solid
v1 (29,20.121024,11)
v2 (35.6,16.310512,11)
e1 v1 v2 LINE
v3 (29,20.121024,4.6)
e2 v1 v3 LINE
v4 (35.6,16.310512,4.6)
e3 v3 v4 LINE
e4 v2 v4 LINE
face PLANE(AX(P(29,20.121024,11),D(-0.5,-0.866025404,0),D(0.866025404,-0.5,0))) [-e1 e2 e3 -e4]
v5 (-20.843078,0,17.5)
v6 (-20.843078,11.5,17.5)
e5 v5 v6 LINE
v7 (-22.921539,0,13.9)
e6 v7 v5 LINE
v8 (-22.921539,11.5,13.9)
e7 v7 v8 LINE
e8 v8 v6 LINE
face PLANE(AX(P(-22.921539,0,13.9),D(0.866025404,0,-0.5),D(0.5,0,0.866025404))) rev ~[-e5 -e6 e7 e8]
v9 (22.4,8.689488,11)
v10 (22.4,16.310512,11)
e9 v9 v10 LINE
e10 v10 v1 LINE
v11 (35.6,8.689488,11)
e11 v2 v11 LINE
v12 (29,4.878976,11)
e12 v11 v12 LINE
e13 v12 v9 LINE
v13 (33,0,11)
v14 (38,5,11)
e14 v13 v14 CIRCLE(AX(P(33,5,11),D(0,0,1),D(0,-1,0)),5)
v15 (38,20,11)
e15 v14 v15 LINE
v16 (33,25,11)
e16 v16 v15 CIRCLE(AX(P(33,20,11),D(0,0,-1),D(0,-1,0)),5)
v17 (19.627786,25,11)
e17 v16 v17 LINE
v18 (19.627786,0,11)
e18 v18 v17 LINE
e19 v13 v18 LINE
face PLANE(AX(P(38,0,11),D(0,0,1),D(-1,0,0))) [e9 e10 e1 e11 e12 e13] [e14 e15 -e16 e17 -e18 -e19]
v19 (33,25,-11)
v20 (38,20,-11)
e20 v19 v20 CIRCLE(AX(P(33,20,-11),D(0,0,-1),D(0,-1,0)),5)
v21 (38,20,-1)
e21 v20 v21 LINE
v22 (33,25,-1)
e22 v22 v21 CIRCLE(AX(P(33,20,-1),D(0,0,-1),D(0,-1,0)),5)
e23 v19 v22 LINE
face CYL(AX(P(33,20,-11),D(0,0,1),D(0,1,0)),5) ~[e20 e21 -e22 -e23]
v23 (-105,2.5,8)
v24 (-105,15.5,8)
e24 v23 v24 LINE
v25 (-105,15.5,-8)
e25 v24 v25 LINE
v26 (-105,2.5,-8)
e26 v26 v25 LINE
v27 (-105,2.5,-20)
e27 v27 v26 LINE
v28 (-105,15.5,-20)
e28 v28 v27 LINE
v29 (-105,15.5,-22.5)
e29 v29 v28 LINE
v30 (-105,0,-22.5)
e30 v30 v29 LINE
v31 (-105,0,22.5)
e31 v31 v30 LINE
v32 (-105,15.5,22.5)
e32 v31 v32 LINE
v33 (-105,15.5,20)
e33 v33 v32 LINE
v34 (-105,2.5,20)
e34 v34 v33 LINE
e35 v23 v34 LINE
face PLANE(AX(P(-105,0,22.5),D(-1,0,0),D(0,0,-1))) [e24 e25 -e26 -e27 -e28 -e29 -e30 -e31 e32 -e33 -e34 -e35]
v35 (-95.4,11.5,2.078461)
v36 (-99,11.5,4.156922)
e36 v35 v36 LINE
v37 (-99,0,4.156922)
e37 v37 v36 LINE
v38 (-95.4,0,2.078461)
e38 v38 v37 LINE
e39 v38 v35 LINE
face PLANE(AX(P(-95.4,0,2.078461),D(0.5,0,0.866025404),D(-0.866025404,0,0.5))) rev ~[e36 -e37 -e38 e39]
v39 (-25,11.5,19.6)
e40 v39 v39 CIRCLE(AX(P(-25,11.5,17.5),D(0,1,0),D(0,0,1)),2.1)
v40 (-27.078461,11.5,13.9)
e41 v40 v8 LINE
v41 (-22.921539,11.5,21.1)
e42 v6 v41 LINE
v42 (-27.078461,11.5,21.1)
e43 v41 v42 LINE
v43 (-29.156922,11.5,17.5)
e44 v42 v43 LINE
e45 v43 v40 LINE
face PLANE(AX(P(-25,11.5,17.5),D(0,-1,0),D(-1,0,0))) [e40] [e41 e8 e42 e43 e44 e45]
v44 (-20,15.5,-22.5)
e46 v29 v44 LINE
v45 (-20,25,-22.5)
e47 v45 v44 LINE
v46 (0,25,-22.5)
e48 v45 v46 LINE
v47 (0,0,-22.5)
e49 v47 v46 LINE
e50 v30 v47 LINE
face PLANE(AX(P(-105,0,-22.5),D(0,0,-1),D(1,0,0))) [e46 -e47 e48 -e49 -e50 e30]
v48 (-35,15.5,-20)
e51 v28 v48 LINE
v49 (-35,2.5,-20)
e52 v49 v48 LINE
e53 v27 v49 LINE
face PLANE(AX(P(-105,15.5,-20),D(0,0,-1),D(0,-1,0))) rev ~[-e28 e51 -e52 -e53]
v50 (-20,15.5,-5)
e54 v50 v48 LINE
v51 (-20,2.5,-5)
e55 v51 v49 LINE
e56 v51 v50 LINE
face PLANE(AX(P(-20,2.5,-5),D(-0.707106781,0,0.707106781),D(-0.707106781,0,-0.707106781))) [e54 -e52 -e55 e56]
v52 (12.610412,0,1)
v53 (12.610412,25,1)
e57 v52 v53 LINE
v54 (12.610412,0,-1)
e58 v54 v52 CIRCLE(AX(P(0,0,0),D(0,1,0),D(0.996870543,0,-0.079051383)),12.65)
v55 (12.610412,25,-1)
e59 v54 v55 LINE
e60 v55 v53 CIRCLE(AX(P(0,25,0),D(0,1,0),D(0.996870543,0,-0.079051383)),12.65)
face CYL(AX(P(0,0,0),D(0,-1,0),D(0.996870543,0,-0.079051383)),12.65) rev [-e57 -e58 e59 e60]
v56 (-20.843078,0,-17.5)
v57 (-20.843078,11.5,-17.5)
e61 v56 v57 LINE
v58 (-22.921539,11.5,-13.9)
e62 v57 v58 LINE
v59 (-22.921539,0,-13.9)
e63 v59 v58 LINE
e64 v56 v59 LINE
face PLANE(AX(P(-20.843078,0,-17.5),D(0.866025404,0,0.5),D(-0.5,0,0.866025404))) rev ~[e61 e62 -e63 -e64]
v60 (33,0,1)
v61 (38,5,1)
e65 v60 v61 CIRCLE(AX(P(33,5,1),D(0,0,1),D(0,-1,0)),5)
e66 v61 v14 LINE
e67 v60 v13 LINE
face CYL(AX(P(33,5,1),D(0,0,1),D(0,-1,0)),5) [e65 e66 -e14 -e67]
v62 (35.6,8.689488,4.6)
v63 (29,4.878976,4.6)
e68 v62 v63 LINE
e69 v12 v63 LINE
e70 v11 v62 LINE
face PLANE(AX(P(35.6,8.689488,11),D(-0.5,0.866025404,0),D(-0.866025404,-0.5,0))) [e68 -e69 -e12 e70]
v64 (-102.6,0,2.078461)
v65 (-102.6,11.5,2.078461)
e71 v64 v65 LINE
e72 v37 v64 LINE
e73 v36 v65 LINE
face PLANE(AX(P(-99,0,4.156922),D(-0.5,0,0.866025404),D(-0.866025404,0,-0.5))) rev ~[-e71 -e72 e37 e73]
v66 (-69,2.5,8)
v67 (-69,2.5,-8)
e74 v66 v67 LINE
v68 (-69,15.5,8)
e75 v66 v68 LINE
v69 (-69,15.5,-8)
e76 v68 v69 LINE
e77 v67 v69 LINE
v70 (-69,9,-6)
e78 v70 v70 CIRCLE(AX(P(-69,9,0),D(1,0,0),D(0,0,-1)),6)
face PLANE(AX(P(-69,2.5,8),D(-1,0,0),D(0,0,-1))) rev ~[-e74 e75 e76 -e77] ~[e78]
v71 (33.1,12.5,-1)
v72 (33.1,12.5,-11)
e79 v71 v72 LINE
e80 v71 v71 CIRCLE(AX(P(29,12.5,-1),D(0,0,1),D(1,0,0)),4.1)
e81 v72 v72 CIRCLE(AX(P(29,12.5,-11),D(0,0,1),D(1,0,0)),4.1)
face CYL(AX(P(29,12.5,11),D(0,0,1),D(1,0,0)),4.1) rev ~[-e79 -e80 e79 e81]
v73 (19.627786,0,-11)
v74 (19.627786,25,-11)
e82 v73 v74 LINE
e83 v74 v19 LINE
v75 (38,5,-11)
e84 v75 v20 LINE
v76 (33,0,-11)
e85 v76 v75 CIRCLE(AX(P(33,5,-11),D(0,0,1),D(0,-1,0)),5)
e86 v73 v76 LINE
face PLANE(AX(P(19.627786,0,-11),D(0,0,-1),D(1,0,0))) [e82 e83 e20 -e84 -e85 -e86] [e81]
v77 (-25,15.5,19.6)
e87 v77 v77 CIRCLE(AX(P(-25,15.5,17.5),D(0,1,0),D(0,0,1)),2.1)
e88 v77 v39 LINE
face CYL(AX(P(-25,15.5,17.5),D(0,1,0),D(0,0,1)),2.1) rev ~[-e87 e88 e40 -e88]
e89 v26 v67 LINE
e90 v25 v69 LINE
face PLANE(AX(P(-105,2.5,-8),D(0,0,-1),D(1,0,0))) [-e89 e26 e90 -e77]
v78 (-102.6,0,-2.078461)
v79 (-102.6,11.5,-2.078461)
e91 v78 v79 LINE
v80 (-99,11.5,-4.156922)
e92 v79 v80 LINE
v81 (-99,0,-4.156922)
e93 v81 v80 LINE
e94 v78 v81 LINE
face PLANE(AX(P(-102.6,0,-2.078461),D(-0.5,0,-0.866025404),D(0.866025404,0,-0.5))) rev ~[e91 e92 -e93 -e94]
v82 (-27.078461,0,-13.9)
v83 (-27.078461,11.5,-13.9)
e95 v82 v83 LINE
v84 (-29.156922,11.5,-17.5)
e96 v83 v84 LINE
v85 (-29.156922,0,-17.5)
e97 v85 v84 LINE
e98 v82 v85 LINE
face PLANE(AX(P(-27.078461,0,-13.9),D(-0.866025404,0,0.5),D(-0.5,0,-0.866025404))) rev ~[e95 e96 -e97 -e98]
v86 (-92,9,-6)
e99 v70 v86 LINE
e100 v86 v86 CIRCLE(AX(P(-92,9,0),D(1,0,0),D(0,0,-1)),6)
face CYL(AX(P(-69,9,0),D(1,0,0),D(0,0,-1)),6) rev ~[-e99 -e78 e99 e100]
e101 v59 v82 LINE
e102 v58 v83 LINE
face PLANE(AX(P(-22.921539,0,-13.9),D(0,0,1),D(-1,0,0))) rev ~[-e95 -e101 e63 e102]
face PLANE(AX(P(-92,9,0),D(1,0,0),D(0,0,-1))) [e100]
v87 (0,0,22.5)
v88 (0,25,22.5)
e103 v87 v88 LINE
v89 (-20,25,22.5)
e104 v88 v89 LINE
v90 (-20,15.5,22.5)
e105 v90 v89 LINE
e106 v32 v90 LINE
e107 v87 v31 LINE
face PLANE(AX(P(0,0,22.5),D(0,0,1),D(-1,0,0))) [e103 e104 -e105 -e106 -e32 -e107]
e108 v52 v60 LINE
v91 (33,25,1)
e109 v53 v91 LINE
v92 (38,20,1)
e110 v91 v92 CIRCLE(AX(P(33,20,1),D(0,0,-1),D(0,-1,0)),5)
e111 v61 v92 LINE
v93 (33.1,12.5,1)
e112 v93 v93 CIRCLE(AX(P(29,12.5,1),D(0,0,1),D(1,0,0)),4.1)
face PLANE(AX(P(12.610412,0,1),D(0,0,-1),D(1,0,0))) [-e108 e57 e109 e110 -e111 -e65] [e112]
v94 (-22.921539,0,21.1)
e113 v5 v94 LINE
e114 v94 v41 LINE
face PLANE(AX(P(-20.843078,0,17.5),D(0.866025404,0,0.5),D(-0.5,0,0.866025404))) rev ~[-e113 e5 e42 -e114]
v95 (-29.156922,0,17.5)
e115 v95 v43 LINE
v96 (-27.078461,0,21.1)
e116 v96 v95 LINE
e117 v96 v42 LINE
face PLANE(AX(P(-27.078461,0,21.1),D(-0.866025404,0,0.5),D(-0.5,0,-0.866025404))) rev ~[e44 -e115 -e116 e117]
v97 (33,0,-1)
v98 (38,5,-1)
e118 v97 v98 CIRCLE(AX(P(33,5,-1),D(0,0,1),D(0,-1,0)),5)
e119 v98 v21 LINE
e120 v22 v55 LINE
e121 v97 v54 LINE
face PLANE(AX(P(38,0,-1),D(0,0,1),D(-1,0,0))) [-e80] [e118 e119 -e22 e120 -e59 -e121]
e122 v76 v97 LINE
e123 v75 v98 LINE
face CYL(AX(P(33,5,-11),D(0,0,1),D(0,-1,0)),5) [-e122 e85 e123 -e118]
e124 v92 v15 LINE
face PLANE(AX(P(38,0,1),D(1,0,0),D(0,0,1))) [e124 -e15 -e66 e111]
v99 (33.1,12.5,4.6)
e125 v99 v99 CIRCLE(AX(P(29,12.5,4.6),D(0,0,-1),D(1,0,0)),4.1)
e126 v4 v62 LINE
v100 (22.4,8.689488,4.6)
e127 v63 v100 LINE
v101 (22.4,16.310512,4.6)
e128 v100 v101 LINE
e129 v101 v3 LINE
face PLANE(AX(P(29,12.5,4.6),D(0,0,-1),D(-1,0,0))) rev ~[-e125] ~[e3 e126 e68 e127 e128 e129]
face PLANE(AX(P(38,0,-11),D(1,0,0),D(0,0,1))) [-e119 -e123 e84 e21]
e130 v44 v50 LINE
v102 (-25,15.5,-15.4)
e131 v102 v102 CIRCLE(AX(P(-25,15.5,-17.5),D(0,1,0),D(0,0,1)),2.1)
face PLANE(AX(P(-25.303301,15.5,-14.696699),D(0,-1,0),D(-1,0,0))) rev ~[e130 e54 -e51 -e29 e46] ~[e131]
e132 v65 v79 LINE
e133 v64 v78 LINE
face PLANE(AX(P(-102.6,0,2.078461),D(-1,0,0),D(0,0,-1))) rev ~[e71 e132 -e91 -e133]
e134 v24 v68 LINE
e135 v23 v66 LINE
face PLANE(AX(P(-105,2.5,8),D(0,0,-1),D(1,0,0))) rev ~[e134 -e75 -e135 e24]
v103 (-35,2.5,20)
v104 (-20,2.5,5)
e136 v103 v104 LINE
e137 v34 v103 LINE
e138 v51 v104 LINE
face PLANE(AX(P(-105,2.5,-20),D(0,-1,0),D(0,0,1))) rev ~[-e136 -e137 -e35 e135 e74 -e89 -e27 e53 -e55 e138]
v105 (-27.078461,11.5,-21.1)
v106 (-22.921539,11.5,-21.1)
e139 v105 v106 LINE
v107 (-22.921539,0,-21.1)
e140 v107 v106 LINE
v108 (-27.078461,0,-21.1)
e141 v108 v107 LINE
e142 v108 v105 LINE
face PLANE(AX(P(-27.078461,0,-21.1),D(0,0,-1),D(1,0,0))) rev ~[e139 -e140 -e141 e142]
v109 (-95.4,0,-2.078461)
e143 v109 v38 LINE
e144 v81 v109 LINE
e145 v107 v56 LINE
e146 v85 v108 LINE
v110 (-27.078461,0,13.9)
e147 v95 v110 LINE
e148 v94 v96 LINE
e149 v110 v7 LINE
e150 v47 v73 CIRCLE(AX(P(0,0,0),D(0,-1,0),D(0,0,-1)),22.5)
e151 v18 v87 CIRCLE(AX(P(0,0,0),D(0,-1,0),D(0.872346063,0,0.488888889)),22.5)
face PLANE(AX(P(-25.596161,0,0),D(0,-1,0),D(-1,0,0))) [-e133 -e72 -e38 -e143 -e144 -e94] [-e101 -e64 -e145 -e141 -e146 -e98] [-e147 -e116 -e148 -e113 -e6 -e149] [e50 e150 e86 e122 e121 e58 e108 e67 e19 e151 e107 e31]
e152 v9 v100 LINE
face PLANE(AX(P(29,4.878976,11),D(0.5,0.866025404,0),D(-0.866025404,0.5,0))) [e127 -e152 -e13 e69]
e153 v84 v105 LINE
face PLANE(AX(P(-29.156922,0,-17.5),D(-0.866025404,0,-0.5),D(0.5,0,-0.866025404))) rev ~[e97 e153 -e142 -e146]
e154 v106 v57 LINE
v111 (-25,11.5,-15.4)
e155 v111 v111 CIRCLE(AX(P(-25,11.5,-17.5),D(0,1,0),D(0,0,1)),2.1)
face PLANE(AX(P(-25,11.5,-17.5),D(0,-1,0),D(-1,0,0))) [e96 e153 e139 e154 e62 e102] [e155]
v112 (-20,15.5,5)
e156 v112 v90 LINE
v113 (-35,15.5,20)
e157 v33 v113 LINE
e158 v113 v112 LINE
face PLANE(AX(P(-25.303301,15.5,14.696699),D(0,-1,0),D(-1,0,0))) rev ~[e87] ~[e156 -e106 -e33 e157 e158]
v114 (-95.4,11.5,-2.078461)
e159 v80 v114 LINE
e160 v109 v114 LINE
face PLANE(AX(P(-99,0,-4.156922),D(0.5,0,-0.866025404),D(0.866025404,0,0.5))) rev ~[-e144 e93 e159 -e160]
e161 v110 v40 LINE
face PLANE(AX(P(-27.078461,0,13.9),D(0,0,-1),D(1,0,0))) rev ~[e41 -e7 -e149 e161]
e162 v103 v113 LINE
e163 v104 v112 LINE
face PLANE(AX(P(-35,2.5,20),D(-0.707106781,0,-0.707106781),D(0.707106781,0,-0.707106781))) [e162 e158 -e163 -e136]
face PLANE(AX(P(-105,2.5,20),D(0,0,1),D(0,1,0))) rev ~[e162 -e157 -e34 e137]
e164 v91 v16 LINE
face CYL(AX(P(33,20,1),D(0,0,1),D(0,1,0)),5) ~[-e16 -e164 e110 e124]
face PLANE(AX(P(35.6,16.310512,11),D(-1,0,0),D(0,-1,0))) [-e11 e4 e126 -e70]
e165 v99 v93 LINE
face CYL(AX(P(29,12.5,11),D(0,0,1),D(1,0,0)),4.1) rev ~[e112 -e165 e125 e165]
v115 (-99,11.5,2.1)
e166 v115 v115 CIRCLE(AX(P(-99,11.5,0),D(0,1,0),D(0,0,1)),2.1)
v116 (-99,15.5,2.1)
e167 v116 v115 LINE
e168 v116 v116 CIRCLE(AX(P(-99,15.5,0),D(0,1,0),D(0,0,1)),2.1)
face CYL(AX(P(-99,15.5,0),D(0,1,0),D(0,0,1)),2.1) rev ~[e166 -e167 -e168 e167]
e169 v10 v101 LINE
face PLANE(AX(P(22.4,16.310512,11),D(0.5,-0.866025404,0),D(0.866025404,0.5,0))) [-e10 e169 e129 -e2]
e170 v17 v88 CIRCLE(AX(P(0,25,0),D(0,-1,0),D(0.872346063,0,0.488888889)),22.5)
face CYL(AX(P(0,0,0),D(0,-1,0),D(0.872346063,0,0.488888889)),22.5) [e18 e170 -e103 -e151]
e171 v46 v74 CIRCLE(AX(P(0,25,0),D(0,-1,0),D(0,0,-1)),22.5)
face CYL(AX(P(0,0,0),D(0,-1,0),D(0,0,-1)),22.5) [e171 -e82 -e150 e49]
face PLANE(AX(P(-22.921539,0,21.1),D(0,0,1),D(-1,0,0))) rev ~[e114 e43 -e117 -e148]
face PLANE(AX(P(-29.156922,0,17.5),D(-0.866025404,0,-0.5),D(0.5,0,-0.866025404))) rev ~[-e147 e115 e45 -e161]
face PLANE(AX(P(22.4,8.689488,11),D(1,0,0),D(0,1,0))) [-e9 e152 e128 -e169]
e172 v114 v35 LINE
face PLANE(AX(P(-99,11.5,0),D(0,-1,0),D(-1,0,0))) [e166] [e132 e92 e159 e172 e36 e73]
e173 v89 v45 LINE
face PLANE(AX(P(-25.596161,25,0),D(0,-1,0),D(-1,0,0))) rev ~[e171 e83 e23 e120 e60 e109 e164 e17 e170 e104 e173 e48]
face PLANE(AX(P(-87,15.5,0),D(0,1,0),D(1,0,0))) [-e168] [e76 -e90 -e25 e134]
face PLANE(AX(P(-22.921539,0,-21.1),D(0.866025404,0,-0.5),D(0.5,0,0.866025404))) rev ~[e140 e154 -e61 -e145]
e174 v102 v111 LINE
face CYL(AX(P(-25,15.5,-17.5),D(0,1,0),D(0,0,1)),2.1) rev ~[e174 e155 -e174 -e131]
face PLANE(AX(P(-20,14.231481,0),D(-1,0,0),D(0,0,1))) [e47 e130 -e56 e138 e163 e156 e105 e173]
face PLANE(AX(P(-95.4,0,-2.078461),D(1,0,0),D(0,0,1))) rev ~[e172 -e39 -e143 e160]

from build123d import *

# Parameters (mm, degrees)
BOSS_EXTRUDE1_DEPTH = 25
CUT_EXTRUDE1_DEPTH  = 85
SKETCH3_W           = 36
SKETCH3_H           = 16
BOSS_EXTRUDE2_DEPTH = 13
SKETCH4_R           = 6
CUT_EXTRUDE2_DEPTH  = 23
BOSS_EXTRUDE3_DEPTH = 13
CUT_EXTRUDE4_REACH  = 110.497
SKETCH7_R           = 2.1
CUT_EXTRUDE5_DEPTH  = 11.5
SKETCH10_R          = 4.1
CUT_EXTRUDE6_DEPTH  = 114.014379616
SKETCH11_R          = 4.1
CUT_EXTRUDE7_DEPTH  = 6.4
FILLET1_R           = 5


with BuildPart() as part:
    # Sketch1 → Boss-Extrude1 (new body)
    with BuildSketch(Plane(origin=(0, 0, 0), x_dir=(1, 0, 0), z_dir=(0, 1, 0))):
        with BuildLine():
            Line((0, -22.5), (-105, -22.5))
            Line((-105, -22.5), (-105, 22.5))
            Line((-105, 22.5), (0, 22.5))
            ThreePointArc((0, 22.5), (11.374313166, 19.413268658), (19.627786426, 11))
            Line((19.627786426, 11), (38, 11))
            Line((38, 11), (38, 1))
            Line((38, 1), (22, 1))
            Line((22, 1), (12.610412364, 1))
            ThreePointArc((12.610412364, 1), (-12.65, 0), (12.610412364, -1))
            Line((12.610412364, -1), (22, -1))
            Line((22, -1), (38, -1))
            Line((38, -1), (38, -11))
            Line((38, -11), (19.627786426, -11))
            ThreePointArc((19.627786426, -11), (11.374313166, -19.413268658), (0, -22.5))
        make_face()
    extrude(amount=BOSS_EXTRUDE1_DEPTH)

    # Sketch2 → Cut-Extrude1 (cut)
    with BuildSketch(Plane.ZY.offset(105)):
        Polygon((20, 25), (-20, 25), (-22.5, 25), (-22.5, 15.5), (-20, 15.5), (-20, 2.5), (20, 2.5), (20, 15.5), (22.5, 15.5), (22.5, 25), align=None)
    extrude(amount=-CUT_EXTRUDE1_DEPTH, mode=Mode.SUBTRACT)

    # Sketch3 → Boss-Extrude2 (add)
    with BuildSketch(Plane(origin=(0, 2.5, 0), x_dir=(1, 0, 0), z_dir=(0, 1, 0))):
        with Locations((-87, 0)):
            Rectangle(SKETCH3_W, SKETCH3_H)
    extrude(amount=BOSS_EXTRUDE2_DEPTH)

    # Sketch4 → Cut-Extrude2 (cut)
    with BuildSketch(Plane(origin=(-69, 0, 0), x_dir=(0, 0, -1), z_dir=(1, 0, 0))):
        with Locations((0, 9)):
            Circle(SKETCH4_R)
    extrude(amount=-CUT_EXTRUDE2_DEPTH, mode=Mode.SUBTRACT)

    # Sketch6 → Boss-Extrude3 (add)
    with BuildSketch(Plane(origin=(0, 2.5, 0), x_dir=(1, 0, 0), z_dir=(0, 1, 0))):
        Polygon((-35, -20), (-20, -5), (-20, -20), align=None)
        Polygon((-20, 20), (-20, 5), (-35, 20), align=None)
    extrude(amount=BOSS_EXTRUDE3_DEPTH)

    # Sketch7 → Cut-Extrude4 (cut, up to next)
    with BuildSketch(Plane(origin=(0, 15.5, 0), x_dir=(1, 0, 0), z_dir=(0, 1, 0)), mode=Mode.PRIVATE) as cut_extrude4_sk1:
        with Locations(Location((-25, -17.5, 0), (0, 0, 270))):
            Circle(SKETCH7_R)
    cut_extrude4_tool1 = extrude(cut_extrude4_sk1.sketch, amount=-CUT_EXTRUDE4_REACH, mode=Mode.PRIVATE) & part.part
    # Sketch7 → Cut-Extrude4 (cut, up to next)
    with BuildSketch(Plane(origin=(0, 15.5, 0), x_dir=(1, 0, 0), z_dir=(0, 1, 0)), mode=Mode.PRIVATE) as cut_extrude4_sk2:
        with Locations(Location((-25, 17.5, 0), (0, 0, 270))):
            Circle(SKETCH7_R)
    cut_extrude4_tool2 = extrude(cut_extrude4_sk2.sketch, amount=-CUT_EXTRUDE4_REACH, mode=Mode.PRIVATE) & part.part
    # Sketch7 → Cut-Extrude4 (cut, up to next)
    with BuildSketch(Plane(origin=(0, 15.5, 0), x_dir=(1, 0, 0), z_dir=(0, 1, 0)), mode=Mode.PRIVATE) as cut_extrude4_sk3:
        with Locations(Location((-99, 0, 0), (0, 0, 270))):
            Circle(SKETCH7_R)
    cut_extrude4_tool3 = extrude(cut_extrude4_sk3.sketch, amount=-CUT_EXTRUDE4_REACH, mode=Mode.PRIVATE) & part.part
    add(cut_extrude4_tool1.solids().sort_by_distance((-25, 15.5, 17.5))[0], mode=Mode.SUBTRACT)
    add(cut_extrude4_tool2.solids().sort_by_distance((-25, 15.5, -17.5))[0], mode=Mode.SUBTRACT)
    add(cut_extrude4_tool3.solids().sort_by_distance((-99, 15.5, 0))[0], mode=Mode.SUBTRACT)

    # Sketch8 → Cut-Extrude5 (cut)
    with BuildSketch(Plane(origin=(0, 0, 0), x_dir=(-1, 0, 0), z_dir=(0, -1, 0))):
        Polygon((20.843078062, 17.5), (22.921539031, 13.9), (27.078460969, 13.9), (29.156921938, 17.5), (27.078460969, 21.1), (22.921539031, 21.1), align=None)
        Polygon((20.843078062, -17.5), (22.921539031, -21.1), (27.078460969, -21.1), (29.156921938, -17.5), (27.078460969, -13.9), (22.921539031, -13.9), align=None)
        Polygon((99, -4.156921938), (102.6, -2.078460969), (102.6, 2.078460969), (99, 4.156921938), (95.4, 2.078460969), (95.4, -2.078460969), align=None)
    extrude(amount=-CUT_EXTRUDE5_DEPTH, mode=Mode.SUBTRACT)

    # Sketch10 → Cut-Extrude6 (cut, through all)
    with BuildSketch(Plane.XY.offset(11)):
        with Locations((29, 12.5)):
            Circle(SKETCH10_R)
    extrude(amount=-CUT_EXTRUDE6_DEPTH, mode=Mode.SUBTRACT)

    # Sketch11 → Cut-Extrude7 (cut)
    with BuildSketch(Plane(origin=(0, 0, 11), x_dir=(-1, 0, 0), z_dir=(0, 0, -1))):
        Polygon((-35.6, 16.310511777), (-35.6, 8.689488223), (-29, 4.878976447), (-22.4, 8.689488223), (-22.4, 16.310511777), (-29, 20.121023553), align=None)
        with Locations(Location((-29, 12.5, 0), (0, 0, 180))):
            Circle(SKETCH11_R, mode=Mode.SUBTRACT)
    extrude(amount=CUT_EXTRUDE7_DEPTH, mode=Mode.SUBTRACT)

    # Fillet1
    fillet1_edges = [part.edges().sort_by_distance(p)[0] for p in [
        (38, 25, 6),
        (38, 0, -6),
        (38, 0, 6),
        (38, 25, -6),
    ]]
    fillet(fillet1_edges, radius=FILLET1_R)


solid = part.part
